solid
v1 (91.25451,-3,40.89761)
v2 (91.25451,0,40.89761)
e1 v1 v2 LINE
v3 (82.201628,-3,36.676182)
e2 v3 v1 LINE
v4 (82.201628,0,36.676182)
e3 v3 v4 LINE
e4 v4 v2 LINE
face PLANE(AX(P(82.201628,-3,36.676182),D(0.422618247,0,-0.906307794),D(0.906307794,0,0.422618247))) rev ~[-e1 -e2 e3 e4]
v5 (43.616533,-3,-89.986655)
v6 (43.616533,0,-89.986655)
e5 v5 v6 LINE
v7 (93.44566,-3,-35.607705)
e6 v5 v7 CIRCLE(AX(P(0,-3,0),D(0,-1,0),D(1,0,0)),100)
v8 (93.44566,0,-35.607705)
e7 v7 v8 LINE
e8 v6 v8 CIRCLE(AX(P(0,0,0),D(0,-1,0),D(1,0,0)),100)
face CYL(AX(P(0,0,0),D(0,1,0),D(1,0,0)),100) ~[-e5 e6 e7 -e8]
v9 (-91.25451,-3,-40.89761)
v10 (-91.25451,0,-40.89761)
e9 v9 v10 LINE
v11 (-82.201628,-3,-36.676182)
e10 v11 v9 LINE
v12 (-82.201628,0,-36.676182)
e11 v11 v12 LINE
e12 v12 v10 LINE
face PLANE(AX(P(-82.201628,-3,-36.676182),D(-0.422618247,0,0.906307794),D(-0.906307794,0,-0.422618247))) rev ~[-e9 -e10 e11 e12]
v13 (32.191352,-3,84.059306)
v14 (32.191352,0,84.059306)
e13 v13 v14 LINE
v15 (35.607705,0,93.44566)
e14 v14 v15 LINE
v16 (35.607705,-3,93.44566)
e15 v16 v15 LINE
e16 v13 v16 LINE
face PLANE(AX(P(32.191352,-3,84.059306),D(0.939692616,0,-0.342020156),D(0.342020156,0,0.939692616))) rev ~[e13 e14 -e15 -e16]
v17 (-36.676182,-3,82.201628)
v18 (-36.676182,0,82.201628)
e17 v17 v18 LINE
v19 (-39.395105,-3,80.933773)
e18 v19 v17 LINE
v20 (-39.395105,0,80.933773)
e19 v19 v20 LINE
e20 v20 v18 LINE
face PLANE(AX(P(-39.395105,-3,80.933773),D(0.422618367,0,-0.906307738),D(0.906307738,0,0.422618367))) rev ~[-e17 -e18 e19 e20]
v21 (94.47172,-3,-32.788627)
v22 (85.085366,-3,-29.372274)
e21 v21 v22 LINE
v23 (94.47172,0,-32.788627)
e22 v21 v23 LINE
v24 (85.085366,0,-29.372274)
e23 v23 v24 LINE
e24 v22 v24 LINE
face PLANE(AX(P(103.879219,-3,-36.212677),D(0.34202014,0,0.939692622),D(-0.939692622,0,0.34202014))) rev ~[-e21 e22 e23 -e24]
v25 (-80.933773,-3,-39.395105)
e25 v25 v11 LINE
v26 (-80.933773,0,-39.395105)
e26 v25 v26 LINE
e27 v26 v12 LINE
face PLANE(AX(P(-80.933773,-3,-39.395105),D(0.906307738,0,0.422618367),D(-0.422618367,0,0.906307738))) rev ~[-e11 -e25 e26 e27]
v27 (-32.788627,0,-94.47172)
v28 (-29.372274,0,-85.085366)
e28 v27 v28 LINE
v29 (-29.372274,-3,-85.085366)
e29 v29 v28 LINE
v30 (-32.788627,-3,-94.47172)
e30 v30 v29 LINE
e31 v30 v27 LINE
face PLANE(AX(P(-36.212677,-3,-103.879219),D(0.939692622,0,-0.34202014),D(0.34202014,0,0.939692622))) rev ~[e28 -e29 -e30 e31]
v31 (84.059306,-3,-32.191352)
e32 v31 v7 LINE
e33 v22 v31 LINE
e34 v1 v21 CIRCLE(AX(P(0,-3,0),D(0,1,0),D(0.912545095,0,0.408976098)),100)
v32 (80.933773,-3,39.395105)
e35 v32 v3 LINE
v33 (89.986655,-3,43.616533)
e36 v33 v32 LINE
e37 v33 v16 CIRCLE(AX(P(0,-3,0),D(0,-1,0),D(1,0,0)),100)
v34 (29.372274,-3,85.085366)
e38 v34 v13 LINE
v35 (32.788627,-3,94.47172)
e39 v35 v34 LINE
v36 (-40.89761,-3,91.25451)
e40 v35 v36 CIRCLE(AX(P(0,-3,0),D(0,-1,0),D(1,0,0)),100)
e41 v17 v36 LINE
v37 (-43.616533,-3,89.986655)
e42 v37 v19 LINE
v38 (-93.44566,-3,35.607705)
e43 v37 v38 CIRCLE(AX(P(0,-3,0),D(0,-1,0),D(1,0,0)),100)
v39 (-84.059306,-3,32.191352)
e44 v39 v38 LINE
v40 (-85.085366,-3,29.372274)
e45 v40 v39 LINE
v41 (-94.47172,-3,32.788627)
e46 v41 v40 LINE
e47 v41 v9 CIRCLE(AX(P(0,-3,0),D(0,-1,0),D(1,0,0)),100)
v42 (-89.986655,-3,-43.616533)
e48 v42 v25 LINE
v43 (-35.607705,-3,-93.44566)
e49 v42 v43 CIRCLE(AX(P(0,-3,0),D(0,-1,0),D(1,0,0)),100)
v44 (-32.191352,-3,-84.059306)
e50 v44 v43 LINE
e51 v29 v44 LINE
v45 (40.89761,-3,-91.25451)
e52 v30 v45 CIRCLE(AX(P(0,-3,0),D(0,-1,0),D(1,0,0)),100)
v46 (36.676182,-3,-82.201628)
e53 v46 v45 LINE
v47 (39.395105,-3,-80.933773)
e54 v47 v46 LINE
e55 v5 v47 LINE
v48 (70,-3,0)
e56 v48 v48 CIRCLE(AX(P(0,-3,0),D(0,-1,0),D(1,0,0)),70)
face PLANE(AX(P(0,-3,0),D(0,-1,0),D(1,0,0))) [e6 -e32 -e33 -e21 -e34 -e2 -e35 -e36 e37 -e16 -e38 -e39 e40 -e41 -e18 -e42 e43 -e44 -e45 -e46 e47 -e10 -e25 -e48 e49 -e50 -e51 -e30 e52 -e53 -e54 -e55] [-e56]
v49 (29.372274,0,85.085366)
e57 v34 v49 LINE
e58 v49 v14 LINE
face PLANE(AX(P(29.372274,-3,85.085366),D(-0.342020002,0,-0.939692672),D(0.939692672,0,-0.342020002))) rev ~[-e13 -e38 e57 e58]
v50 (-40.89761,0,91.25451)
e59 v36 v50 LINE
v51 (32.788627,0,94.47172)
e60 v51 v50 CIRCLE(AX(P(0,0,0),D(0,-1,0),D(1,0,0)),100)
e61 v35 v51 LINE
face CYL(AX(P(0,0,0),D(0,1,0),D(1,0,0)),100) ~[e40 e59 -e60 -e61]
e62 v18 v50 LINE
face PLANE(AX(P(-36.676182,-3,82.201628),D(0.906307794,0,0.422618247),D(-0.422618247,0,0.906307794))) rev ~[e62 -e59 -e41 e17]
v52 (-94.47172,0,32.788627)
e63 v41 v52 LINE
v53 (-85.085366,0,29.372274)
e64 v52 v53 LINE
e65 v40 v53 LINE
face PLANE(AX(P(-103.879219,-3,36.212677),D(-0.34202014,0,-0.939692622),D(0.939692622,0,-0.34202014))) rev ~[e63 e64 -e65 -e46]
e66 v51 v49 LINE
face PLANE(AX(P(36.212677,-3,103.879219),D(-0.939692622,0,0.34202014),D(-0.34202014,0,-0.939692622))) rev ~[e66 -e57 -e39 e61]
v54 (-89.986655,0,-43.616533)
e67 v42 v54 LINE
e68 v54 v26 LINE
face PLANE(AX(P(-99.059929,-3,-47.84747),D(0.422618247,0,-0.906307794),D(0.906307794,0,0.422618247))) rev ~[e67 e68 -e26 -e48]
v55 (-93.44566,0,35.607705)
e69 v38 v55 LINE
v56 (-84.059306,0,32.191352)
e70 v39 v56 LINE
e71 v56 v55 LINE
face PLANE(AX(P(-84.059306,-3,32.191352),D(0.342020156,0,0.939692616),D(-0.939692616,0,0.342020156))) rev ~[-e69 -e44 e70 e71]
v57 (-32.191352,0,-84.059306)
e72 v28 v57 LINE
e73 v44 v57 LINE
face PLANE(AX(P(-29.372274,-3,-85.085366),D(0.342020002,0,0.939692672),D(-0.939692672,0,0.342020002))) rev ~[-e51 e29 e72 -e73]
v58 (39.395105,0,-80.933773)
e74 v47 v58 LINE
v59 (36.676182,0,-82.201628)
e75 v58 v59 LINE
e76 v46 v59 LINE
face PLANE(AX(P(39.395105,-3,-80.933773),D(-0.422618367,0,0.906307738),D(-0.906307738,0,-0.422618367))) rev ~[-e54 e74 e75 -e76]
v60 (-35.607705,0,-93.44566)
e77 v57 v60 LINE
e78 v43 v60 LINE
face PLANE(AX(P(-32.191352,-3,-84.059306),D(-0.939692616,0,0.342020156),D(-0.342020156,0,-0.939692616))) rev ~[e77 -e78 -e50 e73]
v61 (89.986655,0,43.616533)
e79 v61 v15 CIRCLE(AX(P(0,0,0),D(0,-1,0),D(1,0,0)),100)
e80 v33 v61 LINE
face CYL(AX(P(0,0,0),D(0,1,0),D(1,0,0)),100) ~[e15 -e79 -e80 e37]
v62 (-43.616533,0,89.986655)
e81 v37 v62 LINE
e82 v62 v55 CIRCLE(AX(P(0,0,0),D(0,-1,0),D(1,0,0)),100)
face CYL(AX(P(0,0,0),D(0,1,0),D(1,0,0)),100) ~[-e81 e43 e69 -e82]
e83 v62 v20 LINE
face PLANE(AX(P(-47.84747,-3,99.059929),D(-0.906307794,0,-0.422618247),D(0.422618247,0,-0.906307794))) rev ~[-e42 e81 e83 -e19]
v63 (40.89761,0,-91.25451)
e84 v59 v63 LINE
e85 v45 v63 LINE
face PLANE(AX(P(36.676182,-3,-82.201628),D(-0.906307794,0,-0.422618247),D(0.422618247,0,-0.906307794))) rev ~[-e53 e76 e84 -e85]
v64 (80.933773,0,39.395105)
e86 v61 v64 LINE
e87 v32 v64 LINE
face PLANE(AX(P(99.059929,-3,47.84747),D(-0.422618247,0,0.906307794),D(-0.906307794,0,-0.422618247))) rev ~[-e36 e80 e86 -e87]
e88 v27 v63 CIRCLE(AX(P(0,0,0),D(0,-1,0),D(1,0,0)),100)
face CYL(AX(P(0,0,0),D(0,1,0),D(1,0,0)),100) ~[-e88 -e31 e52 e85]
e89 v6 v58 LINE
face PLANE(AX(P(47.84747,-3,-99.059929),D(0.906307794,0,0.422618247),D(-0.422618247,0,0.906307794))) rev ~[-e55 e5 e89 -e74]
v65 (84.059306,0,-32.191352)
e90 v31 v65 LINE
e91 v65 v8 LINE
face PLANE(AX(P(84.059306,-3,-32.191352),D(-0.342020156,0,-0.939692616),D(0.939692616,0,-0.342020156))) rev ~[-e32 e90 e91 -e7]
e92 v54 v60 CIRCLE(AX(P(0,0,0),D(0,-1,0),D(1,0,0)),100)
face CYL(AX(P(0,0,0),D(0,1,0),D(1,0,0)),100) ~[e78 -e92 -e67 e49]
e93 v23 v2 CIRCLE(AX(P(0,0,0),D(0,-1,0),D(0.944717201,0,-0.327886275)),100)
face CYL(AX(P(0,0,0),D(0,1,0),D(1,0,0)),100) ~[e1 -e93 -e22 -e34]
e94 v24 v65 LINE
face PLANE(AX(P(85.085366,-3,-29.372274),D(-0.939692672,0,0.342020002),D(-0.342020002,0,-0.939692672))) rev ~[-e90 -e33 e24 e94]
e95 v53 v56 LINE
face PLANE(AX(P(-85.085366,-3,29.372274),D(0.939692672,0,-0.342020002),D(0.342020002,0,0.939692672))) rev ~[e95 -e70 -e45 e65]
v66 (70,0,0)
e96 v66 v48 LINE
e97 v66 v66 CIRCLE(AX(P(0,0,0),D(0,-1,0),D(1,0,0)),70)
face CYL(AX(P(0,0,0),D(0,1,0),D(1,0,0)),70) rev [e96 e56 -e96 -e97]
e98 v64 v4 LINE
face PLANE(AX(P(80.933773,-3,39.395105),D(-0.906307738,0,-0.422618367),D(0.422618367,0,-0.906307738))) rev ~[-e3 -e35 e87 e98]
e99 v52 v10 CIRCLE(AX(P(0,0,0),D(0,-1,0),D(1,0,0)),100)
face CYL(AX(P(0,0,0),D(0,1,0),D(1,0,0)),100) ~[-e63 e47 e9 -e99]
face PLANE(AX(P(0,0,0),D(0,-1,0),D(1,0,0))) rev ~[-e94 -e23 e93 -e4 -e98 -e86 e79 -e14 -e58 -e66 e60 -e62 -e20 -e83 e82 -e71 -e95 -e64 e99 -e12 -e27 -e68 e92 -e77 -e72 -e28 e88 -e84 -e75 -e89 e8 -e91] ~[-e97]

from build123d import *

# Parameters (mm, degrees)
F0_R     = 100
F0_R_2   = 70
F1_DEPTH = 3
F3_DEPTH = 3


with BuildPart() as f1:
    # F0 (on Front) → F1 (new body)
    with BuildSketch(Plane.XZ):
        Circle(F0_R)
        Circle(F0_R_2, mode=Mode.SUBTRACT)
    extrude(amount=F1_DEPTH)

    # F2 (on face) → F3 (cut)
    with BuildSketch(Plane.XZ.offset(3)):
        Polygon((-82.201628, -36.676182), (-100.327784, -45.128547), (-99.059929, -47.84747), (-80.933773, -39.395105), align=None)
        Polygon((-39.031755, -102.853158), (-36.212677, -103.879219), (-29.372274, -85.085366), (-32.191352, -84.059306), align=None)
        Polygon((45.128547, -100.327784), (47.84747, -99.059929), (39.395105, -80.933773), (36.676182, -82.201628), align=None)
        Polygon((102.853158, -39.031755), (103.879219, -36.212677), (85.085366, -29.372274), (84.059306, -32.191352), align=None)
        Polygon((100.327784, 45.128547), (99.059929, 47.84747), (80.933773, 39.395105), (82.201628, 36.676182), align=None)
        Polygon((39.031755, 102.853158), (36.212677, 103.879219), (29.372274, 85.085366), (32.191352, 84.059306), align=None)
        Polygon((-45.128547, 100.327784), (-47.84747, 99.059929), (-39.395105, 80.933773), (-36.676182, 82.201628), align=None)
        Polygon((-102.853158, 39.031755), (-103.879219, 36.212677), (-85.085366, 29.372274), (-84.059306, 32.191352), align=None)
    extrude(amount=-F3_DEPTH, mode=Mode.SUBTRACT)


solid = f1.part
